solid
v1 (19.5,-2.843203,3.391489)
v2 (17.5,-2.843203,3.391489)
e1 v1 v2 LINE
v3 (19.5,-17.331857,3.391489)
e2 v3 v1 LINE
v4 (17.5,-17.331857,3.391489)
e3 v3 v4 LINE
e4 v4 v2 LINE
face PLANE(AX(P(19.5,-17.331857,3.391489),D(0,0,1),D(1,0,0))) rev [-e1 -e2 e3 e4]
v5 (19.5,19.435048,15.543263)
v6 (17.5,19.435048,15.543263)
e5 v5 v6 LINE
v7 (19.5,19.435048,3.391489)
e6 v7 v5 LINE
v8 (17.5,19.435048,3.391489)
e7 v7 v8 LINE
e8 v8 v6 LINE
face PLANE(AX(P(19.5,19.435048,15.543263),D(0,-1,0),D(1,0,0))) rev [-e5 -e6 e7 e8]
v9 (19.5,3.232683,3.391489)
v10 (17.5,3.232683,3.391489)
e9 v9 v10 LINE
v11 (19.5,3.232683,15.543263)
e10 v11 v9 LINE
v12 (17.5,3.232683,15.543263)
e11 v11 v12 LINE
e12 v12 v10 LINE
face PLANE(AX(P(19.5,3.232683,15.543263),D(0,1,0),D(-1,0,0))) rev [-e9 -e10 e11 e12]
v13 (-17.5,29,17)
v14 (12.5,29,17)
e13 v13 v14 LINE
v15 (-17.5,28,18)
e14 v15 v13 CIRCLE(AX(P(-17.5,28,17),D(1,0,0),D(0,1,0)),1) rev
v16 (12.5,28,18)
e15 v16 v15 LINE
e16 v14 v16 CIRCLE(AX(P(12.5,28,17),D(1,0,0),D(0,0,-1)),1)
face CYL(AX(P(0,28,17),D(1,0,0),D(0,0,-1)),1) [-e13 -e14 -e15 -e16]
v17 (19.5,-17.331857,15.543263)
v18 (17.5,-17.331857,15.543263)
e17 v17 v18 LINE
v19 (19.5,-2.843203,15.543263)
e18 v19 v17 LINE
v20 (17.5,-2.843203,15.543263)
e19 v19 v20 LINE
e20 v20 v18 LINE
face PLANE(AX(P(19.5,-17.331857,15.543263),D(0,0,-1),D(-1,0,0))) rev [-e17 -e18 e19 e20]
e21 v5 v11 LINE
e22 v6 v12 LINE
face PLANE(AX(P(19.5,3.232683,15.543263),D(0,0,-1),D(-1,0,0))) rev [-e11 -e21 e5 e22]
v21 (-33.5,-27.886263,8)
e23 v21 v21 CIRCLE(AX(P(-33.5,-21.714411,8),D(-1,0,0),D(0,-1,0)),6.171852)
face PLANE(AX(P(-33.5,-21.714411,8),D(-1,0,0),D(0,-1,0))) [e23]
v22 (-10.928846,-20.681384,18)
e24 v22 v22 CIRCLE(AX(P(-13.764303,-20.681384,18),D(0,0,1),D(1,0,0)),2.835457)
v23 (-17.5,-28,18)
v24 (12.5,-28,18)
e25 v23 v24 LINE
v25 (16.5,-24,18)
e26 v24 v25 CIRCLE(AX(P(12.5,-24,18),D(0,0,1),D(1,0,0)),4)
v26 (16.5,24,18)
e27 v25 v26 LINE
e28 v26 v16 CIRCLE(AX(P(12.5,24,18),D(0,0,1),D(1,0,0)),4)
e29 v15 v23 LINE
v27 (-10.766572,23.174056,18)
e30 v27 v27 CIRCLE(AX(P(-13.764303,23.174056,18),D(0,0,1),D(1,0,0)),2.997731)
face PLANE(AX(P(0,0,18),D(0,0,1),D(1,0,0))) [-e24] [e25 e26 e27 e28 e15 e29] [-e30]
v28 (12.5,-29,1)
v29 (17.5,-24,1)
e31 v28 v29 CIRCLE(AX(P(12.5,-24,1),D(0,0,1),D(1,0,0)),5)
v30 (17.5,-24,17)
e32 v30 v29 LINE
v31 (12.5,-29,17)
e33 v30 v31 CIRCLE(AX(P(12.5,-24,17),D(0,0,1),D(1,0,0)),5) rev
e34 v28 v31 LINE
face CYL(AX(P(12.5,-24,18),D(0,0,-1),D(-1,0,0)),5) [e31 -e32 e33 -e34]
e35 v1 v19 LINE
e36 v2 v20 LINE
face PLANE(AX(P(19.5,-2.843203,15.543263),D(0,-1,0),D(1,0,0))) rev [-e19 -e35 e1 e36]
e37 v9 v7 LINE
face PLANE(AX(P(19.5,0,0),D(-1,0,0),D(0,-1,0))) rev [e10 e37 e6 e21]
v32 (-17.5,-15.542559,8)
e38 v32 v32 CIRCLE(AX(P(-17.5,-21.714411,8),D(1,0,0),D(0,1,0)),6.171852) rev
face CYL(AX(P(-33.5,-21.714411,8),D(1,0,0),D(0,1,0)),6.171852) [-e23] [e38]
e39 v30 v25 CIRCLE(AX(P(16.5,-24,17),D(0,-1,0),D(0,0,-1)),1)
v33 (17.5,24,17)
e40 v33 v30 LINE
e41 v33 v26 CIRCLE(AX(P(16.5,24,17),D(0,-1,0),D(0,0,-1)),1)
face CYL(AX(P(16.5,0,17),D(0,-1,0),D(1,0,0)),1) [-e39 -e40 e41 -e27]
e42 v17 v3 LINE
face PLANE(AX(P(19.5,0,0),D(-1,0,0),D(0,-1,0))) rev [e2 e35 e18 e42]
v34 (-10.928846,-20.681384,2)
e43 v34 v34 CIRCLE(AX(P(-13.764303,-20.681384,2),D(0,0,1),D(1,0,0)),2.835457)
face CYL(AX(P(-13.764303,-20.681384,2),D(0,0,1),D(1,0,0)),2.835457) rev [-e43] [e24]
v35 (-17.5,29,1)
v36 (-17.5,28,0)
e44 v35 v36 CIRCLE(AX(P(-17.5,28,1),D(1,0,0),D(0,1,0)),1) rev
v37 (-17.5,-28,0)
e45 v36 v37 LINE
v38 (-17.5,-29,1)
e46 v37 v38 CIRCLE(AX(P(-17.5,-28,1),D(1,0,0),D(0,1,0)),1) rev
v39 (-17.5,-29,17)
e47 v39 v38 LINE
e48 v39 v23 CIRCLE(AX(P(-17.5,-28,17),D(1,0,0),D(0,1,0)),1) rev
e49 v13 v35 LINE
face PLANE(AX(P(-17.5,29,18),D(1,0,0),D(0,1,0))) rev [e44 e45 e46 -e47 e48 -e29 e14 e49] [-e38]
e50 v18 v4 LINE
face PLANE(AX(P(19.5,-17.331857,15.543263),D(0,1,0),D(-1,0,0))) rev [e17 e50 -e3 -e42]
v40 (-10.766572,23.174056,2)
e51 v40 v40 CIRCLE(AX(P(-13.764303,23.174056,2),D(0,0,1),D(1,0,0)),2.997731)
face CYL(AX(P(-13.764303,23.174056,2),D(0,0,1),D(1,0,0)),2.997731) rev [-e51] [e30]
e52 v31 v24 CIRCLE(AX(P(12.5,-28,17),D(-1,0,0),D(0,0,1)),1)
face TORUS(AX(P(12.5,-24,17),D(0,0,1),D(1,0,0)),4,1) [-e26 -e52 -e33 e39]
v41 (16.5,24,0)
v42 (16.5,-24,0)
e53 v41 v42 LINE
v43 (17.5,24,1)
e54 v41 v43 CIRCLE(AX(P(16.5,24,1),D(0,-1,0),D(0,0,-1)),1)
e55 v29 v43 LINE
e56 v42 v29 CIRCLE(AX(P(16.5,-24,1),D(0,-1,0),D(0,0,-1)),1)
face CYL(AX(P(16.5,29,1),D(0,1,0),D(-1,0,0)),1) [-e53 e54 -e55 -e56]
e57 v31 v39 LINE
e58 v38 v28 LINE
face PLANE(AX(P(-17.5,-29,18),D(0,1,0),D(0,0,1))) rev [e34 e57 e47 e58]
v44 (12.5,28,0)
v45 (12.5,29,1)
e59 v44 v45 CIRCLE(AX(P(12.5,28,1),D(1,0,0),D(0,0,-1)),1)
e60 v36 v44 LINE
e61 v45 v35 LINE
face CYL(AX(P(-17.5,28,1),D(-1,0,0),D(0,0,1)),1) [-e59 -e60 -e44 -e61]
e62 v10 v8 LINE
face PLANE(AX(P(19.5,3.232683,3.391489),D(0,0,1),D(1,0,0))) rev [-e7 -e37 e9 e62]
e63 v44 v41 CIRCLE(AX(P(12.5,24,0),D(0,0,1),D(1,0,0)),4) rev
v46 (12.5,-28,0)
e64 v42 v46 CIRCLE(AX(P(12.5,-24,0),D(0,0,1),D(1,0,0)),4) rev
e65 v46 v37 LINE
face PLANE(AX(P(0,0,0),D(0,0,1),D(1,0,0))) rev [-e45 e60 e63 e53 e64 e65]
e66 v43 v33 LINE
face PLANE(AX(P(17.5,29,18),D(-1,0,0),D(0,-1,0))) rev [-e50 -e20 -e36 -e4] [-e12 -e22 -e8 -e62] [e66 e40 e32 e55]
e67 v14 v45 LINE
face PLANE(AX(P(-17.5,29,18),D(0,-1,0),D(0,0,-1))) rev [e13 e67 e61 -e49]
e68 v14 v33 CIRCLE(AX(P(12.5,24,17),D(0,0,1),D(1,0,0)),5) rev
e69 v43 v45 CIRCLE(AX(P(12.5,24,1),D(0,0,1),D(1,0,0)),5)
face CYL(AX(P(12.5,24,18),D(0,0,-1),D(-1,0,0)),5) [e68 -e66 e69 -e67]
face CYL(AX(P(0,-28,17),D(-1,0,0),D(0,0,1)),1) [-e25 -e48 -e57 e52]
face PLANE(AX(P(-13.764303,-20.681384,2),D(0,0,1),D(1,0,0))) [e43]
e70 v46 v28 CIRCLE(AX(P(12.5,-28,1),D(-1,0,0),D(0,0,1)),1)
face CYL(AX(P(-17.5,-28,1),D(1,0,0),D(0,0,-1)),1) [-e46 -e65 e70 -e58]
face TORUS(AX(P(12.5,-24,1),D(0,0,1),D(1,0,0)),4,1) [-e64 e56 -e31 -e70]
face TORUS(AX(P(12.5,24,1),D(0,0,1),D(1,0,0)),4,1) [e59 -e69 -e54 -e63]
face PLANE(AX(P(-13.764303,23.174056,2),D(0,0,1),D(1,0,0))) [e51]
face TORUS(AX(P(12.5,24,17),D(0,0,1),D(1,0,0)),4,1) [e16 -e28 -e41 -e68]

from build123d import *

# Parameters (mm, degrees)
CROQUIS1_W              = 35
CROQUIS1_H              = 58
SALIENTE_EXTRUIR1_DEPTH = 18
CROQUIS2_R              = 6.171851971
SALIENTE_EXTRUIR2_DEPTH = 16
REDONDEO1_R             = 5
REDONDEO2_R             = 1
CROQUIS3_R              = 2.99773064
CROQUIS3_R_2            = 2.835456682
CORTAR_EXTRUIR1_DEPTH   = 16
CROQUIS4_W              = 12.151773781
CROQUIS4_H              = 16.202365041
CROQUIS4_H_2            = 14.488653354
SALIENTE_EXTRUIR3_DEPTH = 2


with BuildPart() as part:
    # Croquis1 → Saliente-Extruir1 (new body)
    with BuildSketch(Plane.XY):
        Rectangle(CROQUIS1_W, CROQUIS1_H)
    extrude(amount=SALIENTE_EXTRUIR1_DEPTH)

    # Croquis2 → Saliente-Extruir2 (add)
    with BuildSketch(Plane.ZY.offset(17.5)):
        with Locations(Location((8, -21.714410647, 0), (0, 0, 90))):
            Circle(CROQUIS2_R)
    extrude(amount=SALIENTE_EXTRUIR2_DEPTH)

    # Redondeo1
    redondeo1_edges = [part.edges().sort_by_distance(p)[0] for p in [
        (17.5, -29, 9),
        (17.5, 29, 9),
    ]]
    fillet(redondeo1_edges, radius=REDONDEO1_R)

    # Redondeo2
    redondeo2_edges = [part.edges().sort_by_distance(p)[0] for p in [
        (-2.5, -29, 18),
        (17.5, 0, 0),
        (17.5, 0, 18),
        (-2.5, 29, 0),
        (16.035533906, 27.535533906, 0),
        (16.035533906, -27.535533906, 0),
        (-2.5, 29, 18),
        (16.035533906, 27.535533906, 18),
        (16.035533906, -27.535533906, 18),
        (-2.5, -29, 0),
    ]]
    fillet(redondeo2_edges, radius=REDONDEO2_R)

    # Croquis3 → Cortar-Extruir1 (cut)
    with BuildSketch(Plane.XY.offset(18)):
        with Locations((-13.764302947, 23.174055768)):
            Circle(CROQUIS3_R)
        with Locations((-13.764302947, -20.681384223)):
            Circle(CROQUIS3_R_2)
    extrude(amount=-CORTAR_EXTRUIR1_DEPTH, mode=Mode.SUBTRACT)

    # Croquis4 → Saliente-Extruir3 (add)
    with BuildSketch(Plane(origin=(17.5, 0, 0), x_dir=(0, 0, -1), z_dir=(1, 0, 0))):
        with Locations((-9.467375914, 11.333865931)):
            Rectangle(CROQUIS4_W, CROQUIS4_H)
        with Locations((-9.467375914, -10.087530158)):
            Rectangle(CROQUIS4_W, CROQUIS4_H_2)
    extrude(amount=SALIENTE_EXTRUIR3_DEPTH)


solid = part.part
